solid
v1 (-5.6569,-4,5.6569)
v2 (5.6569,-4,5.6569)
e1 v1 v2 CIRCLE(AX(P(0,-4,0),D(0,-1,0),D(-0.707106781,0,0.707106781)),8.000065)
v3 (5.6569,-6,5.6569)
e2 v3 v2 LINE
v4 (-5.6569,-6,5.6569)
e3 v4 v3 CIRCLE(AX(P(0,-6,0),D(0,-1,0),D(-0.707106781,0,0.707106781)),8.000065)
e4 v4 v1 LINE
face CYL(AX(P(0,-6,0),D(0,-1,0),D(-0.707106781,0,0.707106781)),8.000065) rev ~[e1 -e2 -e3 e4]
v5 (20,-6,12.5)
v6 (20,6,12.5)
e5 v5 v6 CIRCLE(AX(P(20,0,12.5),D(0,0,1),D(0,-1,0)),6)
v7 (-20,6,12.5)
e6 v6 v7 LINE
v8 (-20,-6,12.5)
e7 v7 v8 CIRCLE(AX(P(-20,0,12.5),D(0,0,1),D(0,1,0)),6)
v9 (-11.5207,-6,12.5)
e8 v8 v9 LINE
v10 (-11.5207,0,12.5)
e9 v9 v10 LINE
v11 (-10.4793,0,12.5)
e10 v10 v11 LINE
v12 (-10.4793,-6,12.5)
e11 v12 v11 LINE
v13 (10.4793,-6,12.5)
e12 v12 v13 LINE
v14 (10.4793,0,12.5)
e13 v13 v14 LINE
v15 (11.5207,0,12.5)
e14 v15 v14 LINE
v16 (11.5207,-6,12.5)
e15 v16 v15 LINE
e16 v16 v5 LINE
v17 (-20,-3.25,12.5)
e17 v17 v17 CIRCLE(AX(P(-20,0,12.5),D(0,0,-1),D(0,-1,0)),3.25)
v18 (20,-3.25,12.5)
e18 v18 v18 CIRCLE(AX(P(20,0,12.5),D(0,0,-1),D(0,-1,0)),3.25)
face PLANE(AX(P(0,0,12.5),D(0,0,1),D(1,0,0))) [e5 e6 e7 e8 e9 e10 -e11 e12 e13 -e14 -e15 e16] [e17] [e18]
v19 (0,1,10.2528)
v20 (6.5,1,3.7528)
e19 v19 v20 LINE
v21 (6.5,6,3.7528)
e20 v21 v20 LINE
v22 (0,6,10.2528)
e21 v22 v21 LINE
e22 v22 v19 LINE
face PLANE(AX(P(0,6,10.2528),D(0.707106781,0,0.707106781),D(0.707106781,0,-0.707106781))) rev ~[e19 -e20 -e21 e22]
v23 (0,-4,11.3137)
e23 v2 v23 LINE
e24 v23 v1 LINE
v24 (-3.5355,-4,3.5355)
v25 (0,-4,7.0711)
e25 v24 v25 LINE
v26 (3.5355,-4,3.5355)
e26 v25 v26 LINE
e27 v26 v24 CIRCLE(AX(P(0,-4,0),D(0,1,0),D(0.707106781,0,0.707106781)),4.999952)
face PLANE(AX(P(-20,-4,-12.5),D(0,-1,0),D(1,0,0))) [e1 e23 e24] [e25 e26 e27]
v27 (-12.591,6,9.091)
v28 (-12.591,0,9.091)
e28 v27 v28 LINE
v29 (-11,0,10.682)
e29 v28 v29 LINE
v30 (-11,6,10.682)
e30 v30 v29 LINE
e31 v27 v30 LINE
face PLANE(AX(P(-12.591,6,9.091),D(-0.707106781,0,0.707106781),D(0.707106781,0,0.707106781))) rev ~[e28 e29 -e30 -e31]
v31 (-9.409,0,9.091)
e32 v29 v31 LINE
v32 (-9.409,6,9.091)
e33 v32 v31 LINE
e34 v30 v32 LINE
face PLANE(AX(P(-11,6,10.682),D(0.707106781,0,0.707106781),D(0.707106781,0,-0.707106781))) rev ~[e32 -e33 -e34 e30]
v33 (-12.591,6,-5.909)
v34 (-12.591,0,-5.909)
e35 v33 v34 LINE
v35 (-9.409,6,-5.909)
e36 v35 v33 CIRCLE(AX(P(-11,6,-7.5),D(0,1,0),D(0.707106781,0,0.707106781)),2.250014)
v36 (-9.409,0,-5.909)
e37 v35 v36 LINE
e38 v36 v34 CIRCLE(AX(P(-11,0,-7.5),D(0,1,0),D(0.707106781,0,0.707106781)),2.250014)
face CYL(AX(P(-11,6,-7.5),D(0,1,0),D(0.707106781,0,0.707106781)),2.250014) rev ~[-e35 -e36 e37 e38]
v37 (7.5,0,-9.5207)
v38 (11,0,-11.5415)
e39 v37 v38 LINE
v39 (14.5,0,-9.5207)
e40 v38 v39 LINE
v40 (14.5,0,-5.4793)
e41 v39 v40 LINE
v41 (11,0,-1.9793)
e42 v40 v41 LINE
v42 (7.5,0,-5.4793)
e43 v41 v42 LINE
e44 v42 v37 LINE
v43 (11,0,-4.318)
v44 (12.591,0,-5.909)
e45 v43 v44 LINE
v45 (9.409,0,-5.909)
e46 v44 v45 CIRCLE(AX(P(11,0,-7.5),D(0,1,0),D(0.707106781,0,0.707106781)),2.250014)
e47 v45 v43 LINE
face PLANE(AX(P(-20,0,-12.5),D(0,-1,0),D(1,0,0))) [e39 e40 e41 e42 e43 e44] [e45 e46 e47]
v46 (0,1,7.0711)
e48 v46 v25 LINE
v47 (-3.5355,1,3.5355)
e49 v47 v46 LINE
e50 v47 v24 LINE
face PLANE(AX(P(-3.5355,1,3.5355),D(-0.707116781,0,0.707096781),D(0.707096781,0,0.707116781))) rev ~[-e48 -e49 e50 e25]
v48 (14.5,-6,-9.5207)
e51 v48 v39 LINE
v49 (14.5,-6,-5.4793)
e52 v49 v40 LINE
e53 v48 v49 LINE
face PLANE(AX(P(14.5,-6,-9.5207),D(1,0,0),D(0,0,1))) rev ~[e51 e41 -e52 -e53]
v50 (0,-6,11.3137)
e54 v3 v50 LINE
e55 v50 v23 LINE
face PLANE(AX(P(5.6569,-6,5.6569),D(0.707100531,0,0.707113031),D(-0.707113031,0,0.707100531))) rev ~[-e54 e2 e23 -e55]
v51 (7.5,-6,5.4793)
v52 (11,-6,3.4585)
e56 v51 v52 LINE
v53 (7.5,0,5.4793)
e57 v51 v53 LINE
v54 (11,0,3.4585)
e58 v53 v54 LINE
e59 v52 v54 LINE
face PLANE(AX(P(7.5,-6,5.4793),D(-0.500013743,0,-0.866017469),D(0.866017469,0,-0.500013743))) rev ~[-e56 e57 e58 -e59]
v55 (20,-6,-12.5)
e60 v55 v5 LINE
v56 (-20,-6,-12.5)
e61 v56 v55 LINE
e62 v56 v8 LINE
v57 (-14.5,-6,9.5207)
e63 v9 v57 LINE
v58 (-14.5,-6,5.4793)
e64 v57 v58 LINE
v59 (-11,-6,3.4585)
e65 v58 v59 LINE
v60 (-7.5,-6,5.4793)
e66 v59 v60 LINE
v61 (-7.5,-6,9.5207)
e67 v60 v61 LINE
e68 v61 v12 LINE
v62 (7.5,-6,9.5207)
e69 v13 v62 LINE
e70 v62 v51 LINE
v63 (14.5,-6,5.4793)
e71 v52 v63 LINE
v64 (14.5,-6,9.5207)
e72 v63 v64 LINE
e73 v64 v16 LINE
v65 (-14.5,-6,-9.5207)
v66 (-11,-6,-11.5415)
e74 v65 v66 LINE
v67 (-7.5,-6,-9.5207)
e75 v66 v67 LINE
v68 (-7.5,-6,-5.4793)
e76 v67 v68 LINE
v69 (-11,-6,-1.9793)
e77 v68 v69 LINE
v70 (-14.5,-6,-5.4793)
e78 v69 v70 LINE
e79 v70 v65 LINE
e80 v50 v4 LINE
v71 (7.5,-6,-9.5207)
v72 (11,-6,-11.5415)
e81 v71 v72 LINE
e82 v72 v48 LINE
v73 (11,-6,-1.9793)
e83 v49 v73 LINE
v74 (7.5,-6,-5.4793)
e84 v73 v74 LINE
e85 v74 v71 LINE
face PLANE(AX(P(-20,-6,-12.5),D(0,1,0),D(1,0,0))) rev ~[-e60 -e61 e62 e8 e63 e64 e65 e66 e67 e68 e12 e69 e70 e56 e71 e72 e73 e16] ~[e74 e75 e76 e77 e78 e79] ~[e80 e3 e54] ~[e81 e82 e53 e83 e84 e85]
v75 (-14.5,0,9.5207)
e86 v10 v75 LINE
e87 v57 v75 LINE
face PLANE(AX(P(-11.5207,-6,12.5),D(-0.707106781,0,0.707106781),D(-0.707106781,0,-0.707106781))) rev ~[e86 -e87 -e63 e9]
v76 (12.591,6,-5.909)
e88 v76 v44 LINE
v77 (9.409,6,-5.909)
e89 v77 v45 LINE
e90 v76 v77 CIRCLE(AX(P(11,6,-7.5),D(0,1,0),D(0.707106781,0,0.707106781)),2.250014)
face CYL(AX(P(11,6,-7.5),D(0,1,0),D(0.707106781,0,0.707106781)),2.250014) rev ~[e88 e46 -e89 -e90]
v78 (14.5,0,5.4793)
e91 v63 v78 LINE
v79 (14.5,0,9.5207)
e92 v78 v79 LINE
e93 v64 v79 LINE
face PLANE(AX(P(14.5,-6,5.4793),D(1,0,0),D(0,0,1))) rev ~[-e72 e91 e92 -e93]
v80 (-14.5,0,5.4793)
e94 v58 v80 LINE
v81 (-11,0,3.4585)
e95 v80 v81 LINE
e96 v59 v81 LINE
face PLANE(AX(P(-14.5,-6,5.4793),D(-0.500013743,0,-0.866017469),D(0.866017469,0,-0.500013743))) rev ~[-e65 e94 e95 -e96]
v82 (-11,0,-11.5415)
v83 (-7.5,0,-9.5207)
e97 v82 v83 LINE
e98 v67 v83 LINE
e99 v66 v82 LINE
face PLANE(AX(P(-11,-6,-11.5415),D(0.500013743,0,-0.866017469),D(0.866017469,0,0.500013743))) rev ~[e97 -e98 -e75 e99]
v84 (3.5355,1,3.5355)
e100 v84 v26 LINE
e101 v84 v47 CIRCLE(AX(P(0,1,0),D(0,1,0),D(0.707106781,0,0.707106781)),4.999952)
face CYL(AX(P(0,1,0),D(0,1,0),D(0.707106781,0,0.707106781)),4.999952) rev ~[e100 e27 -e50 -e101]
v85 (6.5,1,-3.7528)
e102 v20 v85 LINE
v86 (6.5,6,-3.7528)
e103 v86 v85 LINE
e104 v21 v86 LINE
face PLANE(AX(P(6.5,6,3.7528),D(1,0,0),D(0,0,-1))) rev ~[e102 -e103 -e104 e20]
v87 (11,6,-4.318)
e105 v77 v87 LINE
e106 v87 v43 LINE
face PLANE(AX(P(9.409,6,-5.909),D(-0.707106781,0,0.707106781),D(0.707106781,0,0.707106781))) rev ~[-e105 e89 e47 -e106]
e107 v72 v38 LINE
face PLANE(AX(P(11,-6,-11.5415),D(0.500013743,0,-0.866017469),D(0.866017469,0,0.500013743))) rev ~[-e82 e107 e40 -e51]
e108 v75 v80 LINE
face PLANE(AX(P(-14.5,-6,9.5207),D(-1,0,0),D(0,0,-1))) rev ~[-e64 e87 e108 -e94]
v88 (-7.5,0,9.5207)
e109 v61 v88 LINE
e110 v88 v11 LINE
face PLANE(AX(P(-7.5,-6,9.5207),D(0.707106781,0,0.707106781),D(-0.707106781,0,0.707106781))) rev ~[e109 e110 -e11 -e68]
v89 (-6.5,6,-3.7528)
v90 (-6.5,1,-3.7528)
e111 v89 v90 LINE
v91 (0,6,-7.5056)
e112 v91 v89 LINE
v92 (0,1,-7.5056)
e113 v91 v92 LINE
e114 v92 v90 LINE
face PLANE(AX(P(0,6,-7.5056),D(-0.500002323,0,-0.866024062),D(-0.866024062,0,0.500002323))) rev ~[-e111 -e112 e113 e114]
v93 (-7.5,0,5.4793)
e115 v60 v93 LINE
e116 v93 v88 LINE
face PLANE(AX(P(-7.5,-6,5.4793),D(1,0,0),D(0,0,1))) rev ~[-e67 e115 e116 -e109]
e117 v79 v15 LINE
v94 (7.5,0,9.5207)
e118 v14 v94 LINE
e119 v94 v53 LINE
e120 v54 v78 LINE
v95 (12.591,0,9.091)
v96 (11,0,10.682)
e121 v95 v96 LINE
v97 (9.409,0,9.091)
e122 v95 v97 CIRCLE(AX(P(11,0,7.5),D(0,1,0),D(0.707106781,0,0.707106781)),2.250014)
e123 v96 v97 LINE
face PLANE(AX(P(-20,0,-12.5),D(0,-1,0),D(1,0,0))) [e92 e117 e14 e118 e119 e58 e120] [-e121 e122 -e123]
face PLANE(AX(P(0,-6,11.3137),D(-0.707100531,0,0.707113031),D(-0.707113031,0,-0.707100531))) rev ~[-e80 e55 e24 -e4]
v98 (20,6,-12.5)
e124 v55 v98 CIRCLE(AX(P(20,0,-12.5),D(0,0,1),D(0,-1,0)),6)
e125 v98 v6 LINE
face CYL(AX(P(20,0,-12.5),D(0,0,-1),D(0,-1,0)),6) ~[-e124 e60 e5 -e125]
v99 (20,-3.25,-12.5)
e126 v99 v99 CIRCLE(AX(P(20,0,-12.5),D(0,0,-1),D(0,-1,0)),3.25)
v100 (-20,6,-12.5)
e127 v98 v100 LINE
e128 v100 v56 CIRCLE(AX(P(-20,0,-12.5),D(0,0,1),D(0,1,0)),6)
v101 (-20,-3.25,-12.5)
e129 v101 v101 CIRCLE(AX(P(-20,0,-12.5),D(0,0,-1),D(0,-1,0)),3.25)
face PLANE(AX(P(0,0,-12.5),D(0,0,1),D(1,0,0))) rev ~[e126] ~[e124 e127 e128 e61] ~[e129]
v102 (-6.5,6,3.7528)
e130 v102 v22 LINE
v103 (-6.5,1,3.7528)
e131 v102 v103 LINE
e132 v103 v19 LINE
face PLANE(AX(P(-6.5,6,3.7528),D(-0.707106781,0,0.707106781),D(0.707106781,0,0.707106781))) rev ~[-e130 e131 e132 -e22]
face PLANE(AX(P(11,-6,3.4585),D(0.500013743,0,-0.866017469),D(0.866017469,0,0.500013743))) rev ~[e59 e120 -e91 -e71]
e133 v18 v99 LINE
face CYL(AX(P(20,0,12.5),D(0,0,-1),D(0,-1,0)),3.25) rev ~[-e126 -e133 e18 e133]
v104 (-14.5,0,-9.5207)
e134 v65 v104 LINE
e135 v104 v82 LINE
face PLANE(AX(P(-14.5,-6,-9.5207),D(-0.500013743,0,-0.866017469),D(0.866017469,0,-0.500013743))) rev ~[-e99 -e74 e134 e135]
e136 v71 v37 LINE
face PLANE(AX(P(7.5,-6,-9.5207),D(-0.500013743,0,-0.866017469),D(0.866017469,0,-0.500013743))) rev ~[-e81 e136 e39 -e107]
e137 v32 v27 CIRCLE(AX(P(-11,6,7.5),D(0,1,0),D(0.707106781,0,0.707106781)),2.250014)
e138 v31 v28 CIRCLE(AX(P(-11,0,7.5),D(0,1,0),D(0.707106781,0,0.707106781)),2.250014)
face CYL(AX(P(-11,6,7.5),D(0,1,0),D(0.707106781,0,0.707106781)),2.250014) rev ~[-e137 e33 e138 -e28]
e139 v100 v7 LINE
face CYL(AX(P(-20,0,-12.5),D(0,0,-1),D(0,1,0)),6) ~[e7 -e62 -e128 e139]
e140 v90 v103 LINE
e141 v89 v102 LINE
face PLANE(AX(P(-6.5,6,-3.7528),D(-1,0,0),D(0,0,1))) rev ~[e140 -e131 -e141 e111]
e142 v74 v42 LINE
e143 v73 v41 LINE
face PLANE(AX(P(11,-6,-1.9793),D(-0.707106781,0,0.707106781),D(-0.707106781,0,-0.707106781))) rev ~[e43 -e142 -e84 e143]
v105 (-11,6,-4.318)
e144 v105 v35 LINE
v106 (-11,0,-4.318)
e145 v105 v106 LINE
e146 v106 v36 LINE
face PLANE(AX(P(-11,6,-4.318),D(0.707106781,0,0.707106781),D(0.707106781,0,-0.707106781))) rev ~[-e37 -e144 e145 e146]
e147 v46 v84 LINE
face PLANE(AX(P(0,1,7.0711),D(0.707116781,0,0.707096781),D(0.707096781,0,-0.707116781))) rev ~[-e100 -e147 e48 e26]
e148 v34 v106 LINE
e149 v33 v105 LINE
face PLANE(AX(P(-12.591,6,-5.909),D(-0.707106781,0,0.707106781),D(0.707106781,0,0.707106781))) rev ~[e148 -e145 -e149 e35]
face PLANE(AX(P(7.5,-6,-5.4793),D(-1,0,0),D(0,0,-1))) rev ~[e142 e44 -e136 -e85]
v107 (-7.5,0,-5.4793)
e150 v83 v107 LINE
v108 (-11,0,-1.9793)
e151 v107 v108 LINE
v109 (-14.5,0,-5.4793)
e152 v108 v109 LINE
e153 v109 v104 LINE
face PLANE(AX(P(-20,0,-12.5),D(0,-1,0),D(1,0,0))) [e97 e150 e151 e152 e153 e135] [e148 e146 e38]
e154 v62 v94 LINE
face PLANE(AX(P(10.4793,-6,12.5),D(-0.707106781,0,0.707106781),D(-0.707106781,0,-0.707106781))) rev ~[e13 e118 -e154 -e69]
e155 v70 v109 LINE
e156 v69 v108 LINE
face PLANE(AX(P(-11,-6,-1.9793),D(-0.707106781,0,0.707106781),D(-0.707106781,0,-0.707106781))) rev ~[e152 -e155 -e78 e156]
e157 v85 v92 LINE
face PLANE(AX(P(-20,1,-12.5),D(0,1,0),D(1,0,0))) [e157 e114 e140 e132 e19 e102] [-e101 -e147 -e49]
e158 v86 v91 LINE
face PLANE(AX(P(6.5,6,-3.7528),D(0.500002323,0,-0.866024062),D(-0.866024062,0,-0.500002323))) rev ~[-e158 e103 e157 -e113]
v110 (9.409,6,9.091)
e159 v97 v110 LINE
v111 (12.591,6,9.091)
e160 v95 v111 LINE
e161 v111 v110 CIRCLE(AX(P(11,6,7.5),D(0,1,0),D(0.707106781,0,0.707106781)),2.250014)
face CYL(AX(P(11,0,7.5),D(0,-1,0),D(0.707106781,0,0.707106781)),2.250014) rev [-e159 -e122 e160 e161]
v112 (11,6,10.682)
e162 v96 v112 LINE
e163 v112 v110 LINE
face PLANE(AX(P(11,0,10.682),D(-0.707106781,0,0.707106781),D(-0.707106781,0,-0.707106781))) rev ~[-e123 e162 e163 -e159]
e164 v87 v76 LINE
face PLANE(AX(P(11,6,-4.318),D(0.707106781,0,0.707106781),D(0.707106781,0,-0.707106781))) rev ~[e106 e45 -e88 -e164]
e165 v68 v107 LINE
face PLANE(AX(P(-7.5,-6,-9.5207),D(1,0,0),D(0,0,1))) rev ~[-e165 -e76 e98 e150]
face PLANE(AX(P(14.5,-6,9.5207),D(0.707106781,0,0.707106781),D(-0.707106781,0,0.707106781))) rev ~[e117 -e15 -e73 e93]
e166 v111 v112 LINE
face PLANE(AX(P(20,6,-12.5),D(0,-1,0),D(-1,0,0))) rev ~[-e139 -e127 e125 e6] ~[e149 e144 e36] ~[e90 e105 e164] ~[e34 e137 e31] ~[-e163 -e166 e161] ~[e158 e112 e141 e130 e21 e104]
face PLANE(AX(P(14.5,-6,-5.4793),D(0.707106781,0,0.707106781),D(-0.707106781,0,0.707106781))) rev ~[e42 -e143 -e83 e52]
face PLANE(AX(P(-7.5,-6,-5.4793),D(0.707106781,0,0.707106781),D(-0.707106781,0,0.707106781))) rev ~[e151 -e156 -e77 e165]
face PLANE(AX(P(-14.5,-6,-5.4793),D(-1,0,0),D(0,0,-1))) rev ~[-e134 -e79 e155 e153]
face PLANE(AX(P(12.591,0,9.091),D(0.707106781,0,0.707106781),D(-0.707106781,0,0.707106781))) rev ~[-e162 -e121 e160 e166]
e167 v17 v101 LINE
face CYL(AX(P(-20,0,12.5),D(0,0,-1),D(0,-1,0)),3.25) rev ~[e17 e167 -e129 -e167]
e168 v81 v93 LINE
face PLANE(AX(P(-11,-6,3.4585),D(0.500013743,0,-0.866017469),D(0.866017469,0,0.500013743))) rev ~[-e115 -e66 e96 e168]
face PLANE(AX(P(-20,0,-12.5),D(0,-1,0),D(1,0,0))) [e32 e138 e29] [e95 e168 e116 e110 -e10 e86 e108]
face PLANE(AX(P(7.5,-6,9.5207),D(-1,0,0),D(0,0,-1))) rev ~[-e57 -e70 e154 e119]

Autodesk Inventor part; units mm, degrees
ref_plane "YZ Plane" through (0, 0, 0) normal (1, 0, 0) x (0, 1, 0)
ref_plane "XZ Plane" through (0, 0, 0) normal (0, 1, 0) x (-1, 0, 0)
ref_plane "Work Plane1" through (0, 0, -12.5) normal (0, 0, 1) x (1, 0, 0)
sketch "Sketch1" plane through (0, 0, -12.5) normal (0, 0, 1) x (1, 0, 0)
  arc A0 (20, -6) -> (20, 6) centre (20, 0) ccw
  line L0 (20, 6) -> (-20, 6)
  arc A1 (-20, 6) -> (-20, -6) centre (-20, 0) ccw
  line L1 (-20, -6) -> (20, -6)
extrude "Extrusion12" add sketch "Sketch1" along normal blind 25
sketch "Sketch2" plane through (-20, -6, -12.5) normal (0, -1, 0) x (1, 0, 0)
  line L0 (31, 10.5207) -> (27.5, 7.0207)
  line L1 (34.5, 7.0207) -> (31, 10.5207)
  line L2 (34.5, 2.9793) -> (34.5, 7.0207)
  line L3 (31, 0.9585) -> (34.5, 2.9793)
  line L4 (27.5, 2.9793) -> (31, 0.9585)
  line L5 (27.5, 7.0207) -> (27.5, 2.9793)
extrude "Extrusion11" cut sketch "Sketch2" against normal blind 6 draft 0
sketch "Sketch3" plane through (-20, -6, -12.5) normal (0, -1, 0) x (1, 0, 0)
  line L0 (9, 10.5207) -> (5.5, 7.0207)
  line L1 (12.5, 7.0207) -> (9, 10.5207)
  line L2 (12.5, 2.9793) -> (12.5, 7.0207)
  line L3 (9, 0.9585) -> (12.5, 2.9793)
  line L4 (5.5, 2.9793) -> (9, 0.9585)
  line L5 (5.5, 7.0207) -> (5.5, 2.9793)
extrude "Extrusion10" cut sketch "Sketch3" against normal blind 6 draft 0
sketch "Sketch4" plane through (-20, -6, -12.5) normal (0, -1, 0) x (1, 0, 0)
  line L0 (5.5, 22.0207) -> (5.5, 17.9793)
  line L1 (8.4793, 25) -> (9.5207, 25)
  line L2 (9, 15.9585) -> (12.5, 17.9793)
  line L3 (8.4793, 25) -> (5.5, 22.0207)
  line L4 (12.5, 22.0207) -> (9.5207, 25)
  line L5 (5.5, 17.9793) -> (9, 15.9585)
  line L6 (12.5, 17.9793) -> (12.5, 22.0207)
extrude "Extrusion9" cut sketch "Sketch4" against normal blind 6 draft 0
sketch "Sketch5" plane through (-20, -6, -12.5) normal (0, -1, 0) x (1, 0, 0)
  line L0 (31, 15.9585) -> (34.5, 17.9793)
  line L1 (30.4793, 25) -> (27.5, 22.0207)
  line L2 (34.5, 22.0207) -> (31.5207, 25)
  line L3 (27.5, 17.9793) -> (31, 15.9585)
  line L4 (31.5207, 25) -> (30.4793, 25)
  line L5 (34.5, 17.9793) -> (34.5, 22.0207)
  line L6 (27.5, 22.0207) -> (27.5, 17.9793)
extrude "Extrusion8" cut sketch "Sketch5" against normal blind 6
sketch "Sketch6" plane through (0, 0, 0) normal (0, 1, 0) x (-1, 0, 0)
  arc A0 (-12.591, 9.091) -> (-9.409, 9.091) centre (-11, 7.5) ccw
  line L0 (-12.591, 9.091) -> (-11, 10.682)
  line L1 (-11, 10.682) -> (-9.409, 9.091)
extrude "Extrusion7" cut sketch "Sketch6" along normal blind 6 draft 0
sketch "Sketch7" plane through (-20, 6, -12.5) normal (0, 1, 0) x (1, 0, 0)
  line L0 (7.409, -21.591) -> (9, -23.182)
  arc A0 (10.591, -21.591) -> (7.409, -21.591) centre (9, -20) ccw
  line L1 (9, -23.182) -> (10.591, -21.591)
extrude "Extrusion6" cut sketch "Sketch7" against normal blind 6
sketch "Sketch8" plane through (-20, 6, -12.5) normal (0, 1, 0) x (1, 0, 0)
  arc A0 (32.591, -6.591) -> (29.409, -6.591) centre (31, -5) ccw
  line L0 (31, -8.182) -> (32.591, -6.591)
  line L1 (29.409, -6.591) -> (31, -8.182)
extrude "Extrusion5" cut sketch "Sketch8" against normal blind 6
sketch "Sketch9" plane through (-20, 6, -12.5) normal (0, 1, 0) x (1, 0, 0)
  arc A0 (10.591, -6.591) -> (7.409, -6.591) centre (9, -5) ccw
  line L0 (9, -8.182) -> (10.591, -6.591)
  line L1 (7.409, -6.591) -> (9, -8.182)
extrude "Extrusion4" cut sketch "Sketch9" against normal blind 6
sketch "Sketch10" plane through (-20, 6, -12.5) normal (0, 1, 0) x (1, 0, 0)
  line L0 (20, -22.7528) -> (26.5, -16.2528)
  line L1 (13.5, -16.2528) -> (20, -22.7528)
  line L2 (13.5, -8.7472) -> (13.5, -16.2528)
  line L3 (20, -4.9944) -> (13.5, -8.7472)
  line L4 (26.5, -8.7472) -> (20, -4.9944)
  line L5 (26.5, -16.2528) -> (26.5, -8.7472)
extrude "Extrusion3" cut sketch "Sketch10" against normal blind 5 draft 0
sketch "Sketch11" plane through (-20, -6, -12.5) normal (0, -1, 0) x (1, 0, 0)
  line L0 (20, 23.8137) -> (14.3431, 18.1569)
  line L1 (25.6569, 18.1569) -> (20, 23.8137)
  arc A0 (14.3431, 18.1569) -> (25.6569, 18.1569) centre (20, 12.5) ccw
extrude "Extrusion2" cut sketch "Sketch11" against normal blind 2 draft 0
sketch "Sketch12" plane through (-20, 1, -12.5) normal (0, 1, 0) x (1, 0, 0)
  arc A0 (23.5355, -16.0355) -> (16.4645, -16.0355) centre (20, -12.5) ccw
  line L0 (20, -19.5711) -> (23.5355, -16.0355)
  line L1 (16.4645, -16.0355) -> (20, -19.5711)
extrude "Extrusion1" cut sketch "Sketch12" against normal blind 5
hole "Hole2" at (20, 0, 12.5) direction (0, 0, -1) diameter 6.5 depth 25
sketch "Sketch13" plane through (0, 0, 12.5) normal (0, 0, 1) x (1, 0, 0)
  point P0 (20, 0)
hole "Hole1" at (-20, 0, 12.5) direction (0, 0, -1) diameter 6.5 depth 25
sketch "Sketch14" plane through (0, 0, 12.5) normal (0, 0, 1) x (1, 0, 0)
  point P0 (-20, 0)
properties part number "Hopper Nut Trap" material "ASA Plastic"
